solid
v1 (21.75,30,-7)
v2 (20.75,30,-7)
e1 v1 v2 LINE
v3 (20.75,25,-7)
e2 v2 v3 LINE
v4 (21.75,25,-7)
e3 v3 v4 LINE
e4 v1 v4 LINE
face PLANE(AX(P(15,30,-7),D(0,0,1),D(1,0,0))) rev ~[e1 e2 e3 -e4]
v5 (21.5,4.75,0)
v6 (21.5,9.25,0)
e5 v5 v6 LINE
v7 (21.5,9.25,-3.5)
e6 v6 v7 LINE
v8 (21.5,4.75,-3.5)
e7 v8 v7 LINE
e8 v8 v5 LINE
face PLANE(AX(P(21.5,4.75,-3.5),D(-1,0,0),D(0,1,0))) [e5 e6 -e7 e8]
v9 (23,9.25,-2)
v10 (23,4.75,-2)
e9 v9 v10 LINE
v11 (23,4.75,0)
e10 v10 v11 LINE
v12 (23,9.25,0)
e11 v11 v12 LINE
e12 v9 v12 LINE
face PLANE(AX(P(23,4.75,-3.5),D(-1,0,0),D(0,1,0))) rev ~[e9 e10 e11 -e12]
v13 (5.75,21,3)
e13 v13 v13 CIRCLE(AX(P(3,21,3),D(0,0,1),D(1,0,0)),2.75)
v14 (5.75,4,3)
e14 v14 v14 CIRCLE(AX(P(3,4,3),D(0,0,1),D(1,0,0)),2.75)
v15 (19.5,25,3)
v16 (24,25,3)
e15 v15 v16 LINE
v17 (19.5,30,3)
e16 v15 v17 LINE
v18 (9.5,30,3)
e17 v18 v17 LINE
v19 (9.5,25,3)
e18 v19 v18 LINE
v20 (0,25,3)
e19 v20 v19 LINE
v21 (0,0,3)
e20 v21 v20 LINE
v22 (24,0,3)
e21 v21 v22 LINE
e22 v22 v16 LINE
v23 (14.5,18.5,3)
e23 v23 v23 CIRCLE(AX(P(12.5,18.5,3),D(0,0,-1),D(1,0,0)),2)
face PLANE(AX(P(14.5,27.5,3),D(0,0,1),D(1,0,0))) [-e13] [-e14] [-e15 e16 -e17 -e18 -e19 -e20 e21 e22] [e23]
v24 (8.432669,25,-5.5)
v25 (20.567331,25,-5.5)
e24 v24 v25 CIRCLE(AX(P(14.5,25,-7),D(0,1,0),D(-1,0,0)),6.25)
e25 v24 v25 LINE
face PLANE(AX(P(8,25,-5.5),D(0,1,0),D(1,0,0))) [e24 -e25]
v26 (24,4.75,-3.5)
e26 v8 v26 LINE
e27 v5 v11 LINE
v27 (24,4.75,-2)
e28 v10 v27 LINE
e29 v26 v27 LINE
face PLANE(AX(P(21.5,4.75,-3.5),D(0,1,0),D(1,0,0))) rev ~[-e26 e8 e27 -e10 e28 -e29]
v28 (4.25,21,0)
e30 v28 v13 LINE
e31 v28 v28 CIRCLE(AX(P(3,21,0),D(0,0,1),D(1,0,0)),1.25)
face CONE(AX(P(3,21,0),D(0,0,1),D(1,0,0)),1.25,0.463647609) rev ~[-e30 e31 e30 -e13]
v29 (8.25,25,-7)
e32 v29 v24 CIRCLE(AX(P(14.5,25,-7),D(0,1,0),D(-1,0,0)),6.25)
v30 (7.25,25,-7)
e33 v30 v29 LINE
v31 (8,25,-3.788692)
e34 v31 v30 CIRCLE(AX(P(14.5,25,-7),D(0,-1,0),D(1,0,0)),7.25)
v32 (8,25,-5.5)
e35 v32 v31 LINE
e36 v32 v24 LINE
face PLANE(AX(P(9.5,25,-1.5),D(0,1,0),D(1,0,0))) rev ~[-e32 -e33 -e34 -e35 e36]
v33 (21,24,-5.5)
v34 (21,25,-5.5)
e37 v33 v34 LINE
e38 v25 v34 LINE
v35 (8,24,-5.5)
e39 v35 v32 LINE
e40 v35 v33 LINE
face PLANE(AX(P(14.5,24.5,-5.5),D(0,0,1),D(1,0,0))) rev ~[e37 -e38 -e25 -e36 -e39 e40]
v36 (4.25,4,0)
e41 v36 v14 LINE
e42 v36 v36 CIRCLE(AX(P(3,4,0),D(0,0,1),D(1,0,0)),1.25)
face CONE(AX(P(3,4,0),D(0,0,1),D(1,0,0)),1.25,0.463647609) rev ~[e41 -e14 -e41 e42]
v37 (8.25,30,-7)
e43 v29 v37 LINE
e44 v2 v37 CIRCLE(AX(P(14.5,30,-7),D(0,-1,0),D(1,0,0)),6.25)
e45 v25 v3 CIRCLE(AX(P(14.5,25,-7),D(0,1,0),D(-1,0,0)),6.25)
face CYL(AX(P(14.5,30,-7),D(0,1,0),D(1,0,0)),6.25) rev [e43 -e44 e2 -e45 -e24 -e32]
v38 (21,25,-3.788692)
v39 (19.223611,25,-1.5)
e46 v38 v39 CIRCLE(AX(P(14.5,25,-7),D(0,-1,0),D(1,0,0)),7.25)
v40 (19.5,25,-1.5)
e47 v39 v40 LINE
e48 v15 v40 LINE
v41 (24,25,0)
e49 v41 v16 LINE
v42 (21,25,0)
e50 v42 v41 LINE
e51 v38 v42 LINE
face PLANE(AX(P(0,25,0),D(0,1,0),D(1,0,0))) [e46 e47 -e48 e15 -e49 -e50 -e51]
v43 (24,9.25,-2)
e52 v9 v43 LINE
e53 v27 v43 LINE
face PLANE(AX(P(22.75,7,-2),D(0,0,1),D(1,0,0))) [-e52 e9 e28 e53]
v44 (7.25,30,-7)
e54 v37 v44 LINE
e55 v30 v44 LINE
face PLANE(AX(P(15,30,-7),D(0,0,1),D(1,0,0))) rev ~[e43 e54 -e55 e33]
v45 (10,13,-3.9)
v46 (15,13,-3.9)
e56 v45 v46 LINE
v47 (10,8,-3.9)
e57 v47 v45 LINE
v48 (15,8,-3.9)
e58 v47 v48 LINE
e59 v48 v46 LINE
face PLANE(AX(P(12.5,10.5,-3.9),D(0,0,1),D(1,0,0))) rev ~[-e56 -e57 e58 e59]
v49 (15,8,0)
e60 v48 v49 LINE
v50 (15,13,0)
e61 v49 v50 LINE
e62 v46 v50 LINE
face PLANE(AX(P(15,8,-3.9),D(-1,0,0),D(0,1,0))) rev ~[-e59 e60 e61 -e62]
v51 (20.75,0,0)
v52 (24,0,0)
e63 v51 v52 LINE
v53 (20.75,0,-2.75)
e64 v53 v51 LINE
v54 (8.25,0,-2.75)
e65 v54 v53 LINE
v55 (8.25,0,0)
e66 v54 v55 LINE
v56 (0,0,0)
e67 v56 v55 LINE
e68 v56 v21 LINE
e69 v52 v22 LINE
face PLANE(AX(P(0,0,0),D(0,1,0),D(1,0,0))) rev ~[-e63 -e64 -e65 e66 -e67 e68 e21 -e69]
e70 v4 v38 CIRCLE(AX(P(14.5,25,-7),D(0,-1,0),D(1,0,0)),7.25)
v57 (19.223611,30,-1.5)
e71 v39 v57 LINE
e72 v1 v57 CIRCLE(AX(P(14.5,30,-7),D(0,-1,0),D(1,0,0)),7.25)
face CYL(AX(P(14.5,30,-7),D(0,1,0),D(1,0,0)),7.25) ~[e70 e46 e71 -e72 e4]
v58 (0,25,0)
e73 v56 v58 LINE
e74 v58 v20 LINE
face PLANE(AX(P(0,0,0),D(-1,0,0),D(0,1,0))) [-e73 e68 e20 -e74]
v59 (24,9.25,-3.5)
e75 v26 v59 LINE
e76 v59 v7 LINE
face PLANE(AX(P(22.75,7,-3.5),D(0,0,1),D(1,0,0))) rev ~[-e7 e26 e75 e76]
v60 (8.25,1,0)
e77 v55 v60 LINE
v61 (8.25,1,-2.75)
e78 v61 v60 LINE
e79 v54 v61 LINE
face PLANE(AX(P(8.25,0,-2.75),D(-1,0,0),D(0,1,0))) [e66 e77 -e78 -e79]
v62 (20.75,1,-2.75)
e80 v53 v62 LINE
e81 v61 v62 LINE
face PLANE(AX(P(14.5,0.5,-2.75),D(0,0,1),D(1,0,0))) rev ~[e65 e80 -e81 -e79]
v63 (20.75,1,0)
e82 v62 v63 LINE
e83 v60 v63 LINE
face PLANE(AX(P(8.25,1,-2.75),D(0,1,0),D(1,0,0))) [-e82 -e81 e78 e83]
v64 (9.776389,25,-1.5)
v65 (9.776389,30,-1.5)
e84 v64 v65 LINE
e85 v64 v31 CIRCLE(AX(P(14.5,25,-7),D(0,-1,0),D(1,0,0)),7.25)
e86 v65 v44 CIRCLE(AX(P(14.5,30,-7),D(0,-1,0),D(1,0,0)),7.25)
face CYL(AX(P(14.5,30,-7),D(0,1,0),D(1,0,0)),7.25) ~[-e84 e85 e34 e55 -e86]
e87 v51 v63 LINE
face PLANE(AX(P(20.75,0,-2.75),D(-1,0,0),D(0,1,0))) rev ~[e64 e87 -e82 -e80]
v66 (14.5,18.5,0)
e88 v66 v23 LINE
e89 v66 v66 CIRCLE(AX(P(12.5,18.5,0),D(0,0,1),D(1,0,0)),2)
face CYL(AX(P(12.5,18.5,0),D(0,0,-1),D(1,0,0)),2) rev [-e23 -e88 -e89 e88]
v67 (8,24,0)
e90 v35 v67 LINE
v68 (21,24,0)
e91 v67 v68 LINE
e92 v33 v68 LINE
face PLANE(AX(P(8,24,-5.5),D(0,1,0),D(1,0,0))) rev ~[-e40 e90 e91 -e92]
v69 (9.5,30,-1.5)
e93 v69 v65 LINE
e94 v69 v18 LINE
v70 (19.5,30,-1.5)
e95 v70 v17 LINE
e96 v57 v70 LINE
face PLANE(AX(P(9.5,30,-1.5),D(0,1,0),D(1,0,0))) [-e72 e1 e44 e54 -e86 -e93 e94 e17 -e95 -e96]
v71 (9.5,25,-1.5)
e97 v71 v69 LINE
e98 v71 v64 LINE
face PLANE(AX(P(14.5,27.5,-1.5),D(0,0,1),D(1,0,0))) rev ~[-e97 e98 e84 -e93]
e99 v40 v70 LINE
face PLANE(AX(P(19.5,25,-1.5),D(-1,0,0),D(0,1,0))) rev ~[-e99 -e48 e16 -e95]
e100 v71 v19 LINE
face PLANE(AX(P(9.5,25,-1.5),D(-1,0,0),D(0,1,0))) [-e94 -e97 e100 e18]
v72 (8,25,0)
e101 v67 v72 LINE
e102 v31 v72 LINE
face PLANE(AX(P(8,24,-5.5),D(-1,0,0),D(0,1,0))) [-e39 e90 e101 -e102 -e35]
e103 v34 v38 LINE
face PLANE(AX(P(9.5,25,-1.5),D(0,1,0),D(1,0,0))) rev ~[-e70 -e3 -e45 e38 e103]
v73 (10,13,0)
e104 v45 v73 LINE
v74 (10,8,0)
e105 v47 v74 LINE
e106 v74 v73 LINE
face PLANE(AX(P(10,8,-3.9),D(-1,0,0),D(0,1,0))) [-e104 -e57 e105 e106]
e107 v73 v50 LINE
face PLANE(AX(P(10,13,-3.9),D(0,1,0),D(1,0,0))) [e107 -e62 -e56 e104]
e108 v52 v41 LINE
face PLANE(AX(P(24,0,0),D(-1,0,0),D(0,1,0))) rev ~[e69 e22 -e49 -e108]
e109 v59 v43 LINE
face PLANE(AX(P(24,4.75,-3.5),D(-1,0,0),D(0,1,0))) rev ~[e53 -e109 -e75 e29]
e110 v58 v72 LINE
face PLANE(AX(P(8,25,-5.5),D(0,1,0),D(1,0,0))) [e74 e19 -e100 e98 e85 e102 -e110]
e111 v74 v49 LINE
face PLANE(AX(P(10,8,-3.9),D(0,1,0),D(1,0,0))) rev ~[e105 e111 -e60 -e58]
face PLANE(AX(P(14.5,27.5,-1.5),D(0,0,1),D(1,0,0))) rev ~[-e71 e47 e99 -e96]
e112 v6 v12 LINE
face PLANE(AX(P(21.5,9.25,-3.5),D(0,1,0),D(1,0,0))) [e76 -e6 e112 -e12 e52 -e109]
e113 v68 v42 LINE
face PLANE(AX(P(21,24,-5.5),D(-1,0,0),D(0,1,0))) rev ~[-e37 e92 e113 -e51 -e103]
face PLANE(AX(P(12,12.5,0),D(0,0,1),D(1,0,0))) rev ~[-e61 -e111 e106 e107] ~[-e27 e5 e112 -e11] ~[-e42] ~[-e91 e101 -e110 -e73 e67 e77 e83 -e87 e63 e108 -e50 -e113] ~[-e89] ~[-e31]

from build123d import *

# Parameters (mm, degrees)
BOX006_W          = 5
BOX006_H          = 5
BOX006_DEPTH      = 3.9
CYLINDER003_R     = 2
CYLINDER003_DEPTH = 10
CYLINDER002_R     = 6.25
CYLINDER002_DEPTH = 10
BOX004_W          = 10
BOX004_H          = 5
BOX004_DEPTH      = 4.5
BOX003_W          = 20
BOX003_H          = 10
BOX003_DEPTH      = 10
CYLINDER001_R     = 6.25
CYLINDER001_DEPTH = 5
CYLINDER_R        = 7.25
CYLINDER_DEPTH    = 5
BOX_W             = 24
BOX_H             = 25
BOX_DEPTH         = 3
BOX001_W          = 1.5
BOX001_H          = 4.5
BOX001_DEPTH      = 5
BOX002_W          = 2.5
BOX002_H          = 4.5
BOX002_DEPTH      = 1.5
BOX005_W          = 13
BOX005_H          = 1
BOX005_DEPTH      = 5.5
BOX007_W          = 12.5
BOX007_H          = 1
BOX007_DEPTH      = 2.75


with BuildPart() as cube006:
    # Box006 → Box006 (new body)
    with BuildSketch(Plane(origin=(10, 8, -3.9), x_dir=(1, 0, 0), z_dir=(0, 0, 1))):
        with Locations((2.5, 2.5)):
            Rectangle(BOX006_W, BOX006_H)
    extrude(amount=BOX006_DEPTH)


with BuildPart() as cylinder003:
    # Cylinder003 → Cylinder003 (new body)
    with BuildSketch(Plane(origin=(12.5, 18.5, 0), x_dir=(1, 0, 0), z_dir=(0, 0, 1))):
        Circle(CYLINDER003_R)
    extrude(amount=CYLINDER003_DEPTH)


with BuildPart() as cylinder002:
    # Cylinder002 → Cylinder002 (new body)
    with BuildSketch(Plane(origin=(14.5, 30, -7), x_dir=(1, 0, 0), z_dir=(0, -1, 0))):
        Circle(CYLINDER002_R)
    extrude(amount=CYLINDER002_DEPTH)


with BuildPart() as cut004:
    # Box004 → Box004 (new body)
    with BuildSketch(Plane(origin=(9.5, 25, -1.5), x_dir=(1, 0, 0), z_dir=(0, 0, 1))):
        with Locations((5, 2.5)):
            Rectangle(BOX004_W, BOX004_H)
    extrude(amount=BOX004_DEPTH)

    # Cut004: cut Cylinder002
    add(cylinder002.part, mode=Mode.SUBTRACT)


with BuildPart() as cube003:
    # Box003 → Box003 (new body)
    with BuildSketch(Plane(origin=(5, 25, -17), x_dir=(1, 0, 0), z_dir=(0, 0, 1))):
        with Locations((10, 5)):
            Rectangle(BOX003_W, BOX003_H)
    extrude(amount=BOX003_DEPTH)


with BuildPart() as cylinder001:
    # Cylinder001 → Cylinder001 (new body)
    with BuildSketch(Plane(origin=(14.5, 30, -4.5), x_dir=(1, 0, 0), z_dir=(0, -1, 0))):
        Circle(CYLINDER001_R)
    extrude(amount=CYLINDER001_DEPTH)


with BuildPart() as fusion002:
    # Cylinder → Cylinder (new body)
    with BuildSketch(Plane(origin=(14.5, 30, -4.5), x_dir=(1, 0, 0), z_dir=(0, -1, 0))):
        Circle(CYLINDER_R)
    extrude(amount=CYLINDER_DEPTH)

    # Cut002: cut Cylinder001
    add(cylinder001.part, mode=Mode.SUBTRACT)


with BuildPart() as fusion002_1:
    # Cut002 placement: moved
    add(fusion002.part.moved(Location((0, 0, -2.5))))

    # Cut003: cut Cube003
    add(cube003.part, mode=Mode.SUBTRACT)

    # Fusion002: union Cut004
    add(cut004.part)


with BuildPart() as cone001:
    # Cone001 → Cone001 (revolve)
    with BuildSketch(Plane(origin=(3, 21, 0), x_dir=(1, 0, 0), z_dir=(0, -1, 0))):
        Polygon((0, 0), (1.25, 0), (2.75, 3), (0, 3), align=None)
    revolve(axis=Axis((3, 21, 0), (0, 0, 1)))


with BuildPart() as cone:
    # Cone → Cone (revolve)
    with BuildSketch(Plane(origin=(3, 4, 0), x_dir=(1, 0, 0), z_dir=(0, -1, 0))):
        Polygon((0, 0), (1.25, 0), (2.75, 3), (0, 3), align=None)
    revolve(axis=Axis((3, 4, 0), (0, 0, 1)))


with BuildPart() as cut001:
    # Box → Box (new body)
    with BuildSketch(Plane.XY):
        with Locations((12, 12.5)):
            Rectangle(BOX_W, BOX_H)
    extrude(amount=BOX_DEPTH)

    # Cut: cut Cone
    add(cone.part, mode=Mode.SUBTRACT)

    # Cut001: cut Cone001
    add(cone001.part, mode=Mode.SUBTRACT)


with BuildPart() as cube001:
    # Box001 → Box001 (new body)
    with BuildSketch(Plane(origin=(21.5, 4.75, -3.5), x_dir=(1, 0, 0), z_dir=(0, 0, 1))):
        with Locations((0.75, 2.25)):
            Rectangle(BOX001_W, BOX001_H)
    extrude(amount=BOX001_DEPTH)


with BuildPart() as fusion003:
    # Box002 → Box002 (new body)
    with BuildSketch(Plane(origin=(21.5, 4.75, -3.5), x_dir=(1, 0, 0), z_dir=(0, 0, 1))):
        with Locations((1.25, 2.25)):
            Rectangle(BOX002_W, BOX002_H)
    extrude(amount=BOX002_DEPTH)

    # Fusion: union Cube001
    add(cube001.part)

    # Fusion001: union Cut001
    add(cut001.part)

    # Fusion003: union Fusion002
    add(fusion002_1.part)


with BuildPart() as fusion005:
    # Box005 → Box005 (new body)
    with BuildSketch(Plane(origin=(8, 24, -5.5), x_dir=(1, 0, 0), z_dir=(0, 0, 1))):
        with Locations((6.5, 0.5)):
            Rectangle(BOX005_W, BOX005_H)
    extrude(amount=BOX005_DEPTH)

    # Fusion004: union Fusion003
    add(fusion003.part)

    # Cut005: cut Cylinder003
    add(cylinder003.part, mode=Mode.SUBTRACT)

    # Fusion005: union Cube006
    add(cube006.part)


with BuildPart() as fusion006:
    # Box007 → Box007 (new body)
    with BuildSketch(Plane(origin=(8.25, 0, -2.75), x_dir=(1, 0, 0), z_dir=(0, 0, 1))):
        with Locations((6.25, 0.5)):
            Rectangle(BOX007_W, BOX007_H)
    extrude(amount=BOX007_DEPTH)

    # Fusion006: union Fusion005
    add(fusion005.part)


solid = fusion006.part
